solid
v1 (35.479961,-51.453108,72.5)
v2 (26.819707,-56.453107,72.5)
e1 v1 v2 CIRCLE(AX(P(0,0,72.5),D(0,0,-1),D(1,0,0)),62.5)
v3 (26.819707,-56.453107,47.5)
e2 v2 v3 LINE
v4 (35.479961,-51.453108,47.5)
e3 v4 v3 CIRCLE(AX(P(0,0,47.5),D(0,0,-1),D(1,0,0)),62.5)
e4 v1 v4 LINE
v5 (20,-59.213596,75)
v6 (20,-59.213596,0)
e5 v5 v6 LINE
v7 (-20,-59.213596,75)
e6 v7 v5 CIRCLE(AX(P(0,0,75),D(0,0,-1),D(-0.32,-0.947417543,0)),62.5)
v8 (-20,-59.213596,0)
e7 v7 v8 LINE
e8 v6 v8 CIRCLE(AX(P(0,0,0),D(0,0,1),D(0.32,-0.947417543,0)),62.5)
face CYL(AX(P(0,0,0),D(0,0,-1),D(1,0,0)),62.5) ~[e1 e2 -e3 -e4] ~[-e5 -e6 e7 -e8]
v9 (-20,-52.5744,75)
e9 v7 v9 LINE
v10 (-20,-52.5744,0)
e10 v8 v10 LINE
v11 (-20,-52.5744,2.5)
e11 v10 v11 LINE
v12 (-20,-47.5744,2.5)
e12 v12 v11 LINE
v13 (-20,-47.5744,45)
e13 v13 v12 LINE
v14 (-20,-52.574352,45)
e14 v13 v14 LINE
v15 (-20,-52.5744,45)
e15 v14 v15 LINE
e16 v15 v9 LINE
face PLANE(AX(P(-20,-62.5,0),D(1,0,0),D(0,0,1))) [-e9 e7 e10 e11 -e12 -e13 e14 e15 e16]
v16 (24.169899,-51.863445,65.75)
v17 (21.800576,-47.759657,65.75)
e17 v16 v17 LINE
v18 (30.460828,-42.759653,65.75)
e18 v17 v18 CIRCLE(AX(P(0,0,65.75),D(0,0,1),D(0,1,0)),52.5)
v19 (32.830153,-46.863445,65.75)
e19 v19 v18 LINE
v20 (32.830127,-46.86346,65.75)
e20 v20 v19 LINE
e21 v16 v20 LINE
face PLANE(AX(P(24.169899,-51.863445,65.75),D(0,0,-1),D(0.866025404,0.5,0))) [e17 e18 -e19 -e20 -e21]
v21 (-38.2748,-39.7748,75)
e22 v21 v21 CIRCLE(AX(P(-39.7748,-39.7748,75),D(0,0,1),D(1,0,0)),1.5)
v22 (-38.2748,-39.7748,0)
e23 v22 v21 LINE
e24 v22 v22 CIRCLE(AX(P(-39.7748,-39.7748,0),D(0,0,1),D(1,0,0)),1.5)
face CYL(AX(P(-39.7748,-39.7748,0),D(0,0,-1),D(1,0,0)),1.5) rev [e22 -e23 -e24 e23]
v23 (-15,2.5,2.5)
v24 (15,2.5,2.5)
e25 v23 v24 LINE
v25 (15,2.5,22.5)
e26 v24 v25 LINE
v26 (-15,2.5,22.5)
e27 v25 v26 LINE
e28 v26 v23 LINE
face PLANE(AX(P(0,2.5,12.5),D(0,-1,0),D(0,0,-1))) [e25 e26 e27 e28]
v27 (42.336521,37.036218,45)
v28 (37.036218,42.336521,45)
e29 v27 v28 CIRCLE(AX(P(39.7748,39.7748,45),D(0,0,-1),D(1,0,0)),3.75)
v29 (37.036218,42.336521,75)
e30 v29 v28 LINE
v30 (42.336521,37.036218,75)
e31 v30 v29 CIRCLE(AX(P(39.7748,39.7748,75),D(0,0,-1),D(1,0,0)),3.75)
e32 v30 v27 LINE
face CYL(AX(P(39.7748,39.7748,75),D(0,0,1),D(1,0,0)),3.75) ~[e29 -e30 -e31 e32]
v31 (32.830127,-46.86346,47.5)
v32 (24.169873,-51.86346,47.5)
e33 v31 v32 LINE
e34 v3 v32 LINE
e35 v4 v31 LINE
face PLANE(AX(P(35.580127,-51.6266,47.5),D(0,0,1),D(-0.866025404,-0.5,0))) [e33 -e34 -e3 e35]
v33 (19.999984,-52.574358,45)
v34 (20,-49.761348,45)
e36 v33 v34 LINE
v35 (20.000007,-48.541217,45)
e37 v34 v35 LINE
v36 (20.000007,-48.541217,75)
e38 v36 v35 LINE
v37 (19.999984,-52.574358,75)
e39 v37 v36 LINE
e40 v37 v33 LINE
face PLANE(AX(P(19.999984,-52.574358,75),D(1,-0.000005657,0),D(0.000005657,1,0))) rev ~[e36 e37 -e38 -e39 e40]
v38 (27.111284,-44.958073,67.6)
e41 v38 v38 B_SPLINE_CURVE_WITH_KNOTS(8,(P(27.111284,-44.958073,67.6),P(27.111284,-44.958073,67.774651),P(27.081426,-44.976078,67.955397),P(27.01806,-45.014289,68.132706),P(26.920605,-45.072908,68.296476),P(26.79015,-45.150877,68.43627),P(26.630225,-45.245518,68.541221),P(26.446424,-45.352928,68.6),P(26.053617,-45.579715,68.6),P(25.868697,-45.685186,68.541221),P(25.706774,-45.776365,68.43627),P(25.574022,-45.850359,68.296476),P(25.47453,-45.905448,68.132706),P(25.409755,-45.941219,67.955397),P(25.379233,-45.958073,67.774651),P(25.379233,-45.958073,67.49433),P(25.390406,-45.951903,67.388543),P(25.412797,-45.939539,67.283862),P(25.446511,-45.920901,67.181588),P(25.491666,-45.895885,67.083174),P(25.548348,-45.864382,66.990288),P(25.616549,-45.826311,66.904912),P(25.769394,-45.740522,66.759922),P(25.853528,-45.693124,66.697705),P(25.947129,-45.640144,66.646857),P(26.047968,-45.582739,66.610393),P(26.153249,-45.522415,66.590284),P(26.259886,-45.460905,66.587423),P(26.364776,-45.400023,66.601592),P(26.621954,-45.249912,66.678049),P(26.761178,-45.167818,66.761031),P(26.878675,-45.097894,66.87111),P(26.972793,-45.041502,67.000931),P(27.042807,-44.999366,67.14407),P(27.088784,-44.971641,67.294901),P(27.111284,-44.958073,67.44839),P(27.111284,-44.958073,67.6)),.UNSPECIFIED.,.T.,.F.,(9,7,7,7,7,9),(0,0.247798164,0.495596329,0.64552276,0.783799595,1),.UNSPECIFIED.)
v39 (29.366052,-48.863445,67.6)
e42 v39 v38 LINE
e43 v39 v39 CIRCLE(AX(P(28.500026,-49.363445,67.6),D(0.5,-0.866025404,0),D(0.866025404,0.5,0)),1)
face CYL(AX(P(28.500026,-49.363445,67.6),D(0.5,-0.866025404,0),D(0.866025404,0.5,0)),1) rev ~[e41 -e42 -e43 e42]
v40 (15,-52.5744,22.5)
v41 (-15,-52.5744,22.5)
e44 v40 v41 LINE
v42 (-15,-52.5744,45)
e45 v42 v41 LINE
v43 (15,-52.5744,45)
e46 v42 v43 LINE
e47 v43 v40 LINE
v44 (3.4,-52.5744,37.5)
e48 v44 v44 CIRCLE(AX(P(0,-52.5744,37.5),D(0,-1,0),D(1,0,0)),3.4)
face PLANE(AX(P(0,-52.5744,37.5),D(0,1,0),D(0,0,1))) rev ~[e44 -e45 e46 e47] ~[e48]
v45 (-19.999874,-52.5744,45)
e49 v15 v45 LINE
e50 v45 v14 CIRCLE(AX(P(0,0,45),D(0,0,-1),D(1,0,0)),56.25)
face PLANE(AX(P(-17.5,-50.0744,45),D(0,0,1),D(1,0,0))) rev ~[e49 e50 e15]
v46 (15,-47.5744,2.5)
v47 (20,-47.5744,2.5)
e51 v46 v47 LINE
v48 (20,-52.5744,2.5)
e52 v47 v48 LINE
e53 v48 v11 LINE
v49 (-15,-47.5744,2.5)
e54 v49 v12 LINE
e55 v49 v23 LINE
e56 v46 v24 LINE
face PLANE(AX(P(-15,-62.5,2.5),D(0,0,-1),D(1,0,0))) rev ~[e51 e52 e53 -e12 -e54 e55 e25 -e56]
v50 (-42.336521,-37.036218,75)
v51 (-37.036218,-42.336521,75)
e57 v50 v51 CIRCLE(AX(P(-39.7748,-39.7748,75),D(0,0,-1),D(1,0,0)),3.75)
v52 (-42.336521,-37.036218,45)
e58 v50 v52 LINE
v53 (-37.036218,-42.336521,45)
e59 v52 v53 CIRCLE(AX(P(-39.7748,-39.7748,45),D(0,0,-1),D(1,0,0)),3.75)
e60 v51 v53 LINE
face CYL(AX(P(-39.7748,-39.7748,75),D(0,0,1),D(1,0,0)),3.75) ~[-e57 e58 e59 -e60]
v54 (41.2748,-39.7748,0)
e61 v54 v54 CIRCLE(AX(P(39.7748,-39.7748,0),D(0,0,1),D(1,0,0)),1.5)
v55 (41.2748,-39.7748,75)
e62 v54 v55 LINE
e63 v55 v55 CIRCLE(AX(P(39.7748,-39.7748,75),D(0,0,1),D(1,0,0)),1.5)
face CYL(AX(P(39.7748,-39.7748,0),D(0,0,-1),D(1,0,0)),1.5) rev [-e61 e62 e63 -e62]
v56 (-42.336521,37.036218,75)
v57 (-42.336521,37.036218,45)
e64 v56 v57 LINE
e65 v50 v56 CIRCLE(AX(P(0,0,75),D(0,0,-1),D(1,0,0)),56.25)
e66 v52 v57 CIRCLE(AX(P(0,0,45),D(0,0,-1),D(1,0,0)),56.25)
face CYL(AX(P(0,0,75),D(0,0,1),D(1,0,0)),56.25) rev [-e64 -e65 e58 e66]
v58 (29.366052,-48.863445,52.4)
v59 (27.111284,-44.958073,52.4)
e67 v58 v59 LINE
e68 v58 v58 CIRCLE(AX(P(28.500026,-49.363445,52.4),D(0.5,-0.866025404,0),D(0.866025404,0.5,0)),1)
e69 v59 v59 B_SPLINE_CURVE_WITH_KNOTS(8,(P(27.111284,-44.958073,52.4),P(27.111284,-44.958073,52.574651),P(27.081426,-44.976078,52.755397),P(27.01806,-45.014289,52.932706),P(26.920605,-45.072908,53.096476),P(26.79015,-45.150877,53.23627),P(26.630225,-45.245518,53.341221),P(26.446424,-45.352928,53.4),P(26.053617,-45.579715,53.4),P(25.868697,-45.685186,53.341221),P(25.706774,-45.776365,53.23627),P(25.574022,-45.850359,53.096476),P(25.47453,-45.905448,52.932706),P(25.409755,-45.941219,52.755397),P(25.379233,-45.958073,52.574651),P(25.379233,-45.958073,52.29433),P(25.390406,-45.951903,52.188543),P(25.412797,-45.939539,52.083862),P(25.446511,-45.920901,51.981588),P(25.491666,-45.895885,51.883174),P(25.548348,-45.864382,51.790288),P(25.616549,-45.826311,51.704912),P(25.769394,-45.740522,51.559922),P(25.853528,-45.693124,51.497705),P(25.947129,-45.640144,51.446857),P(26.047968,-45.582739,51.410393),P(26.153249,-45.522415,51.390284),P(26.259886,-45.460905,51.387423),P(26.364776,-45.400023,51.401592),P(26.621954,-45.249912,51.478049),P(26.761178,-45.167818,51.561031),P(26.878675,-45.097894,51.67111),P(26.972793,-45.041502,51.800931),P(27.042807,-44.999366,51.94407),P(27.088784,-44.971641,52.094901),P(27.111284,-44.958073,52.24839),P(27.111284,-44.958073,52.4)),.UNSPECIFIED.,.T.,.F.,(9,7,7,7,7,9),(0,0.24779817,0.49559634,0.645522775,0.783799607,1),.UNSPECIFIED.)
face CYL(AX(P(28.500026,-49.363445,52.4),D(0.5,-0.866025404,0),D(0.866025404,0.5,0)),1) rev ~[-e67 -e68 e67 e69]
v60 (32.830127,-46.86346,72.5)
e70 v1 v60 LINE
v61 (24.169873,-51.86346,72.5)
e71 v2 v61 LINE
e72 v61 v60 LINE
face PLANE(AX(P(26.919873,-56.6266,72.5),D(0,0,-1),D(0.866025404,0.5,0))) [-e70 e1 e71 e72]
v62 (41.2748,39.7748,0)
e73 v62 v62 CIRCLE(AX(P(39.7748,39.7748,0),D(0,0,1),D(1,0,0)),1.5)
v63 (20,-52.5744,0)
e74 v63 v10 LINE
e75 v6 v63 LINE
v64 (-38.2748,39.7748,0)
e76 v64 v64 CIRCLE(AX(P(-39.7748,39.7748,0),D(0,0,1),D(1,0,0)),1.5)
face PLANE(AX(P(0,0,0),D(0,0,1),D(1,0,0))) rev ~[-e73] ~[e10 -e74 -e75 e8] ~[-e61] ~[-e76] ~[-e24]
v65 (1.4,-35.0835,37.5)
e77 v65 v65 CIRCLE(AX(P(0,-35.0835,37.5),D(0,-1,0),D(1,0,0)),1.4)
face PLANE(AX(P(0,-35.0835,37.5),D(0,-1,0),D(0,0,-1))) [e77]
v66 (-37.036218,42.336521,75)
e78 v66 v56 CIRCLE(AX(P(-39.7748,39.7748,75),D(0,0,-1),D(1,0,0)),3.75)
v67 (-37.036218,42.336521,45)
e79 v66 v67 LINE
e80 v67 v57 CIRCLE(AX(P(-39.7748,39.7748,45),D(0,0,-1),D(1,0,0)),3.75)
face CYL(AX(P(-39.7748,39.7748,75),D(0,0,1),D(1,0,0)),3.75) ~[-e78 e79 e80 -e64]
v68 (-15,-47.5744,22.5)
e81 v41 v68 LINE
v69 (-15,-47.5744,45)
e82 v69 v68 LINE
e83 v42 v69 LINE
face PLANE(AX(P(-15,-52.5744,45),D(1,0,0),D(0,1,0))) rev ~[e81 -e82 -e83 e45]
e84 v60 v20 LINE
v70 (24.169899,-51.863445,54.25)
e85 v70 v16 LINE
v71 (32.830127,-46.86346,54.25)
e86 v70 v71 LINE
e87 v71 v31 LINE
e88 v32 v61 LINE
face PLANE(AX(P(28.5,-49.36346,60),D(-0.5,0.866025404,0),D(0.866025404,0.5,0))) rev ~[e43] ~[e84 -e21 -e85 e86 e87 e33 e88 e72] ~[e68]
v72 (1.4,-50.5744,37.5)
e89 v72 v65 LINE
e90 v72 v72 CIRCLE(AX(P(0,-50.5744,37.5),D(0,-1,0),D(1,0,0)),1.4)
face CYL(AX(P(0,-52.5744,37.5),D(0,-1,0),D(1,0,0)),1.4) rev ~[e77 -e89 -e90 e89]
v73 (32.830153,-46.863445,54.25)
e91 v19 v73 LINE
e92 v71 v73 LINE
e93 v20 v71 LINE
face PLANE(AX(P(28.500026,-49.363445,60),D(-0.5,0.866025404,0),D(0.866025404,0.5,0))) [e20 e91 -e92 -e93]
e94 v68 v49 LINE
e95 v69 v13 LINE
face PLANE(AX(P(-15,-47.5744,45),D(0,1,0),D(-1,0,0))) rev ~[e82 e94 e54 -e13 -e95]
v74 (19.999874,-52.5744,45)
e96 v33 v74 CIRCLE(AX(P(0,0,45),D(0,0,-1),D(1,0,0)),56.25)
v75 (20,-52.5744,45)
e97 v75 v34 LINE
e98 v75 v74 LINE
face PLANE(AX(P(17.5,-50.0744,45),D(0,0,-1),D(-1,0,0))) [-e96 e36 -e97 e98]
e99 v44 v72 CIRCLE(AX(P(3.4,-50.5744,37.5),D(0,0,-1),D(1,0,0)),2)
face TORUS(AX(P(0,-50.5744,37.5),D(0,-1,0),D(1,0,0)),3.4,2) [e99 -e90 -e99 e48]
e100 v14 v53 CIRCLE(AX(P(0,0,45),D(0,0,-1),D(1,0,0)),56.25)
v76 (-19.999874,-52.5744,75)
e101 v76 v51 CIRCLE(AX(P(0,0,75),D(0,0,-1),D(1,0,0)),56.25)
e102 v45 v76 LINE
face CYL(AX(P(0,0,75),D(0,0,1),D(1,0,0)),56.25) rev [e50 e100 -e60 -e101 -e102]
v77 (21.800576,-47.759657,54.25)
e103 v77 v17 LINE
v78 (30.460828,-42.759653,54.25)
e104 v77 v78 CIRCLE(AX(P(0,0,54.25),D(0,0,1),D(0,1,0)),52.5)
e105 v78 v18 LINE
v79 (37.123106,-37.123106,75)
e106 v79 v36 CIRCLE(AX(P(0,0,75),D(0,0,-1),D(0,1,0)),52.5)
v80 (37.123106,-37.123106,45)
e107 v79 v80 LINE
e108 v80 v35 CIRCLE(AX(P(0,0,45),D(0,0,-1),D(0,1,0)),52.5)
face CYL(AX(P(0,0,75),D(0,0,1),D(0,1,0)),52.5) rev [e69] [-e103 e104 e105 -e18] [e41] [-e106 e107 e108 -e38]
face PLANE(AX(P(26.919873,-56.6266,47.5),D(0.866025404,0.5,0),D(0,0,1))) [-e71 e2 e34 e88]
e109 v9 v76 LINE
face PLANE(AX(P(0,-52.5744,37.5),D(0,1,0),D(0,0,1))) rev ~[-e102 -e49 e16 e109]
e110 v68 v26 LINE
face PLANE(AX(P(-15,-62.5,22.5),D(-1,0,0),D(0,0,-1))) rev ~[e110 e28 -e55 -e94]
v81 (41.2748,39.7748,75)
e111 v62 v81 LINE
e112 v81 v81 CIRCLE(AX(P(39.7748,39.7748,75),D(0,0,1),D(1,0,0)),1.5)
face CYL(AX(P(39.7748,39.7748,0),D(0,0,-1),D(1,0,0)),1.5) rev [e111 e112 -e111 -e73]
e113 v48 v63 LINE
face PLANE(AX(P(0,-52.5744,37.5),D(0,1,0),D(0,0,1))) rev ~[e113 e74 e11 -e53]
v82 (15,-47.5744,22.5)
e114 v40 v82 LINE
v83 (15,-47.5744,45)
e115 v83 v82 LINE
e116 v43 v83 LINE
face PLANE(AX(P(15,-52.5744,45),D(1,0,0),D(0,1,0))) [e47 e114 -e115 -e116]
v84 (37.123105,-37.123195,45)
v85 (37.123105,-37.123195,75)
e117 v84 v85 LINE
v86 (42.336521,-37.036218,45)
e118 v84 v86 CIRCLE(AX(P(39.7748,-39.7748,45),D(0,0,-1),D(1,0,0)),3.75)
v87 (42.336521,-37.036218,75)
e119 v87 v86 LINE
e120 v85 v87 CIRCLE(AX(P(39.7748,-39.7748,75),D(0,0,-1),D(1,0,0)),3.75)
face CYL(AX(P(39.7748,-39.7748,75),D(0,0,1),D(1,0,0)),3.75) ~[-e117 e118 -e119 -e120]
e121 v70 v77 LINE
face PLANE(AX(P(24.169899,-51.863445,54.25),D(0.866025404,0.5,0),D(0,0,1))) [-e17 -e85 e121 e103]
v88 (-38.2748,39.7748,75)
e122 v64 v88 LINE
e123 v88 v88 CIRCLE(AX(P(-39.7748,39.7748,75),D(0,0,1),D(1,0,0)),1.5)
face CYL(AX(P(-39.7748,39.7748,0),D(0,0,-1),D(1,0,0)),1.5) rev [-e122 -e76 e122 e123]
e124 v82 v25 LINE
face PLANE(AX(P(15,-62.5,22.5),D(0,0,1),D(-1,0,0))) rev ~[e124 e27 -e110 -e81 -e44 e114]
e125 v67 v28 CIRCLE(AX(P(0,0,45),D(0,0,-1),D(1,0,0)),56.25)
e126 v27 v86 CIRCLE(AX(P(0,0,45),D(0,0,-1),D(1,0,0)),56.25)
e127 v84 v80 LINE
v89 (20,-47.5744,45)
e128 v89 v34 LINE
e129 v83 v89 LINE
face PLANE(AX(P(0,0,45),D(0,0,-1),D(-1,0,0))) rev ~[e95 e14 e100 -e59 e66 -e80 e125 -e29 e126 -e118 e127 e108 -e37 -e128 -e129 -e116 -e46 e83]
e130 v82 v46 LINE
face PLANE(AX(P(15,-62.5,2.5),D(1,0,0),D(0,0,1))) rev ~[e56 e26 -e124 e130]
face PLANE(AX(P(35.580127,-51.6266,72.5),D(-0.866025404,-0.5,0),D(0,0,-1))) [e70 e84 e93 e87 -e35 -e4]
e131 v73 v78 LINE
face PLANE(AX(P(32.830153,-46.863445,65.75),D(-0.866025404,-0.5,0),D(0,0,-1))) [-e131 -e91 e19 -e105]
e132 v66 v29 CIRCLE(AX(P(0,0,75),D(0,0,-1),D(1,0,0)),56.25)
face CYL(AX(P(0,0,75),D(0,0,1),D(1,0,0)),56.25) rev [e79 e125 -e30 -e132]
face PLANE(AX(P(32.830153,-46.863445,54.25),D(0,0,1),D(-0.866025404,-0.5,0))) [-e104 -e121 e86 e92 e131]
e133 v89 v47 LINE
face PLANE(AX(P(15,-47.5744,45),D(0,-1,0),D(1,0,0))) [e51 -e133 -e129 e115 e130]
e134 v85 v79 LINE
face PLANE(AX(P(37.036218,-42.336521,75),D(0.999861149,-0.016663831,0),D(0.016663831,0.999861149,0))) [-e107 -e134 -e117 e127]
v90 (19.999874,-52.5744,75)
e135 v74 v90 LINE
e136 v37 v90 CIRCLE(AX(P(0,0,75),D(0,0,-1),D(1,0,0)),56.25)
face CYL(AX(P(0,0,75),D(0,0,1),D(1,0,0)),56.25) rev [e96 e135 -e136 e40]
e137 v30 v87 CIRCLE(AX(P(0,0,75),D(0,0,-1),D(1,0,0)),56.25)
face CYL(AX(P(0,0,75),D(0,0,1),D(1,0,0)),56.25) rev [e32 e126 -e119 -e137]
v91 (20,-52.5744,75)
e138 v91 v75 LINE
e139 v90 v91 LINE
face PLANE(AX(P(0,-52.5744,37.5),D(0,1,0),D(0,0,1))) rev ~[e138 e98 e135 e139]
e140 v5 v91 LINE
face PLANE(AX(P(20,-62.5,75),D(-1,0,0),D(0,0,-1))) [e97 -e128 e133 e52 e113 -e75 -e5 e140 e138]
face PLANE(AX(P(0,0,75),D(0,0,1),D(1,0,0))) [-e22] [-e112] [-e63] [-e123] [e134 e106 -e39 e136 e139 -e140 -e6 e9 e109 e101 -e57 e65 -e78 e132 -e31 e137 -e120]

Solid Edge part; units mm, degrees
sketch "Sketch1" plane through (0, 0, 0) normal (0, 0, 1) x (1, 0, 0)
  circle A0 centre (0, 0) radius 62.5
  circle A1 centre (-39.7748, -39.7748) radius 1.5
  circle A2 centre (39.7748, -39.7748) radius 1.5
  circle A3 centre (39.7748, 39.7748) radius 1.5
  circle A4 centre (-39.7748, 39.7748) radius 1.5
  dimension "D1" = 125
  dimension "D2" = 112.5
extrude "Protrusion1" add sketch "Sketch1" along normal blind 75
sketch "Sketch2" plane through (0, 0, 75) normal (0, 0, 1) x (1, 0, 0)
  arc A0 (-37.0362, 42.3365) -> (37.0362, 42.3365) centre (0, 0) cw
  arc A1 (42.3365, 37.0362) -> (42.3365, -37.0362) centre (0, 0) cw
  arc A2 (37.0362, -42.3365) -> (-37.0362, -42.3365) centre (0, 0) cw
  arc A3 (-42.3365, -37.0362) -> (-42.3365, 37.0362) centre (0, 0) cw
  arc A4 (-37.0362, 42.3365) -> (-42.3365, 37.0362) centre (-39.7748, 39.7748) cw
  arc A5 (42.3365, 37.0362) -> (37.0362, 42.3365) centre (39.7748, 39.7748) cw
  arc A6 (37.0362, -42.3365) -> (42.3365, -37.0362) centre (39.7748, -39.7748) cw
  arc A7 (-42.3365, -37.0362) -> (-37.0362, -42.3365) centre (-39.7748, -39.7748) cw
extrude "ExtrudedCutout_1" cut sketch "Sketch2" against normal blind 30
sketch "Sketch3" plane through (0, -62.5, 37.5) normal (0, -1, 0) x (0, 0, -1)
  line L0 (15, 15) -> (15, -15)
  line L1 (15, -15) -> (35, -15)
  line L2 (35, -15) -> (35, 15)
  line L3 (35, 15) -> (15, 15)
extrude "ExtrudedCutout_2" cut sketch "Sketch3" against normal blind 65
sketch "Sketch4" plane through (0, 0, 45) normal (0, 0, 1) x (1, 0, 0)
  line L0 (-20, -52.5744) -> (-15, -52.5744)
  line L1 (-15, -52.5744) -> (-15, -47.5744)
  line L2 (-15, -47.5744) -> (-20, -47.5744)
  line L3 (-20, -47.5744) -> (-20, -52.5744)
  line L4 (20, -52.5744) -> (15, -52.5744)
  line L5 (15, -52.5744) -> (15, -47.5744)
  line L6 (15, -47.5744) -> (20, -47.5744)
  line L7 (20, -47.5744) -> (20, -52.5744)
  dimension "D1" = 5
extrude "Cutout1" cut sketch "Sketch4" against normal up to vertex (42.5 mm away)
sketch "Sketch5" plane through (0, -62.5, 37.5) normal (0, -1, 0) x (0, 0, -1)
  line L0 (-37.5, 20) -> (37.5, 20)
  line L1 (37.5, 20) -> (37.5, -20)
  line L2 (37.5, -20) -> (-37.5, -20)
  line L3 (-37.5, -20) -> (-37.5, 20)
extrude "Cutout2" cut sketch "Sketch5" against normal up to vertex (9.9256 mm away)
sketch "Sketch6" plane through (0, -52.5744, 33.75) normal (0, -1, 0) x (1, 0, 0)
  circle A0 centre (0, 3.75) radius 1.4
extrude "ExtrudedCutout_5" cut sketch "Sketch6" against normal blind 17.4909
fillet "Round_1" radius 2 1 edges at (-1.4, -52.5744, 37.5)
sketch "Sketch7" plane through (0, 1.6432, 75) normal (0, 0, 1) x (0, 1, 0)
  arc A0 (-38.7663, -37.1231) -> (-50.1844, -20) centre (-1.6432, 0) cw
  line L0 (-54.2176, -20) -> (-50.1844, -20)
  arc A1 (-43.9797, -37.0362) -> (-54.2176, -20) centre (-1.6432, 0) cw
  line L1 (-43.9797, -37.0362) -> (-38.7663, -37.1231)
extrude "Protrusion2" add sketch "Sketch7" against normal up to vertex (30 mm away)
sketch "Sketch8" plane through (31.25, -54.1266, 37.5) normal (0.5, -0.866, 0) x (0, 0, -1)
  line L0 (-10, -5) -> (-35, -5)
  line L1 (-35, -5) -> (-35, 5)
  line L2 (-35, 5) -> (-10, 5)
  line L3 (-10, 5) -> (-10, -5)
extrude "ExtrudedCutout_7" cut sketch "Sketch8" against normal blind 5.5
sketch "Sketch9" plane through (28.5, -49.3634, 60) normal (0.5, -0.866, 0) x (0.866, 0.5, 0)
  line L0 (-5, 5.75) -> (5, 5.75)
  line L1 (5, 5.75) -> (5, -5.75)
  line L2 (5, -5.75) -> (-5, -5.75)
  line L3 (-5, -5.75) -> (-5, 5.75)
  circle A0 centre (0, 7.6) radius 1
  circle A1 centre (0, -7.6) radius 1
  dimension "D1" = 15.2
  dimension "D2" = 11.5
extrude "Cutout3" cut sketch "Sketch9" against normal up to next
